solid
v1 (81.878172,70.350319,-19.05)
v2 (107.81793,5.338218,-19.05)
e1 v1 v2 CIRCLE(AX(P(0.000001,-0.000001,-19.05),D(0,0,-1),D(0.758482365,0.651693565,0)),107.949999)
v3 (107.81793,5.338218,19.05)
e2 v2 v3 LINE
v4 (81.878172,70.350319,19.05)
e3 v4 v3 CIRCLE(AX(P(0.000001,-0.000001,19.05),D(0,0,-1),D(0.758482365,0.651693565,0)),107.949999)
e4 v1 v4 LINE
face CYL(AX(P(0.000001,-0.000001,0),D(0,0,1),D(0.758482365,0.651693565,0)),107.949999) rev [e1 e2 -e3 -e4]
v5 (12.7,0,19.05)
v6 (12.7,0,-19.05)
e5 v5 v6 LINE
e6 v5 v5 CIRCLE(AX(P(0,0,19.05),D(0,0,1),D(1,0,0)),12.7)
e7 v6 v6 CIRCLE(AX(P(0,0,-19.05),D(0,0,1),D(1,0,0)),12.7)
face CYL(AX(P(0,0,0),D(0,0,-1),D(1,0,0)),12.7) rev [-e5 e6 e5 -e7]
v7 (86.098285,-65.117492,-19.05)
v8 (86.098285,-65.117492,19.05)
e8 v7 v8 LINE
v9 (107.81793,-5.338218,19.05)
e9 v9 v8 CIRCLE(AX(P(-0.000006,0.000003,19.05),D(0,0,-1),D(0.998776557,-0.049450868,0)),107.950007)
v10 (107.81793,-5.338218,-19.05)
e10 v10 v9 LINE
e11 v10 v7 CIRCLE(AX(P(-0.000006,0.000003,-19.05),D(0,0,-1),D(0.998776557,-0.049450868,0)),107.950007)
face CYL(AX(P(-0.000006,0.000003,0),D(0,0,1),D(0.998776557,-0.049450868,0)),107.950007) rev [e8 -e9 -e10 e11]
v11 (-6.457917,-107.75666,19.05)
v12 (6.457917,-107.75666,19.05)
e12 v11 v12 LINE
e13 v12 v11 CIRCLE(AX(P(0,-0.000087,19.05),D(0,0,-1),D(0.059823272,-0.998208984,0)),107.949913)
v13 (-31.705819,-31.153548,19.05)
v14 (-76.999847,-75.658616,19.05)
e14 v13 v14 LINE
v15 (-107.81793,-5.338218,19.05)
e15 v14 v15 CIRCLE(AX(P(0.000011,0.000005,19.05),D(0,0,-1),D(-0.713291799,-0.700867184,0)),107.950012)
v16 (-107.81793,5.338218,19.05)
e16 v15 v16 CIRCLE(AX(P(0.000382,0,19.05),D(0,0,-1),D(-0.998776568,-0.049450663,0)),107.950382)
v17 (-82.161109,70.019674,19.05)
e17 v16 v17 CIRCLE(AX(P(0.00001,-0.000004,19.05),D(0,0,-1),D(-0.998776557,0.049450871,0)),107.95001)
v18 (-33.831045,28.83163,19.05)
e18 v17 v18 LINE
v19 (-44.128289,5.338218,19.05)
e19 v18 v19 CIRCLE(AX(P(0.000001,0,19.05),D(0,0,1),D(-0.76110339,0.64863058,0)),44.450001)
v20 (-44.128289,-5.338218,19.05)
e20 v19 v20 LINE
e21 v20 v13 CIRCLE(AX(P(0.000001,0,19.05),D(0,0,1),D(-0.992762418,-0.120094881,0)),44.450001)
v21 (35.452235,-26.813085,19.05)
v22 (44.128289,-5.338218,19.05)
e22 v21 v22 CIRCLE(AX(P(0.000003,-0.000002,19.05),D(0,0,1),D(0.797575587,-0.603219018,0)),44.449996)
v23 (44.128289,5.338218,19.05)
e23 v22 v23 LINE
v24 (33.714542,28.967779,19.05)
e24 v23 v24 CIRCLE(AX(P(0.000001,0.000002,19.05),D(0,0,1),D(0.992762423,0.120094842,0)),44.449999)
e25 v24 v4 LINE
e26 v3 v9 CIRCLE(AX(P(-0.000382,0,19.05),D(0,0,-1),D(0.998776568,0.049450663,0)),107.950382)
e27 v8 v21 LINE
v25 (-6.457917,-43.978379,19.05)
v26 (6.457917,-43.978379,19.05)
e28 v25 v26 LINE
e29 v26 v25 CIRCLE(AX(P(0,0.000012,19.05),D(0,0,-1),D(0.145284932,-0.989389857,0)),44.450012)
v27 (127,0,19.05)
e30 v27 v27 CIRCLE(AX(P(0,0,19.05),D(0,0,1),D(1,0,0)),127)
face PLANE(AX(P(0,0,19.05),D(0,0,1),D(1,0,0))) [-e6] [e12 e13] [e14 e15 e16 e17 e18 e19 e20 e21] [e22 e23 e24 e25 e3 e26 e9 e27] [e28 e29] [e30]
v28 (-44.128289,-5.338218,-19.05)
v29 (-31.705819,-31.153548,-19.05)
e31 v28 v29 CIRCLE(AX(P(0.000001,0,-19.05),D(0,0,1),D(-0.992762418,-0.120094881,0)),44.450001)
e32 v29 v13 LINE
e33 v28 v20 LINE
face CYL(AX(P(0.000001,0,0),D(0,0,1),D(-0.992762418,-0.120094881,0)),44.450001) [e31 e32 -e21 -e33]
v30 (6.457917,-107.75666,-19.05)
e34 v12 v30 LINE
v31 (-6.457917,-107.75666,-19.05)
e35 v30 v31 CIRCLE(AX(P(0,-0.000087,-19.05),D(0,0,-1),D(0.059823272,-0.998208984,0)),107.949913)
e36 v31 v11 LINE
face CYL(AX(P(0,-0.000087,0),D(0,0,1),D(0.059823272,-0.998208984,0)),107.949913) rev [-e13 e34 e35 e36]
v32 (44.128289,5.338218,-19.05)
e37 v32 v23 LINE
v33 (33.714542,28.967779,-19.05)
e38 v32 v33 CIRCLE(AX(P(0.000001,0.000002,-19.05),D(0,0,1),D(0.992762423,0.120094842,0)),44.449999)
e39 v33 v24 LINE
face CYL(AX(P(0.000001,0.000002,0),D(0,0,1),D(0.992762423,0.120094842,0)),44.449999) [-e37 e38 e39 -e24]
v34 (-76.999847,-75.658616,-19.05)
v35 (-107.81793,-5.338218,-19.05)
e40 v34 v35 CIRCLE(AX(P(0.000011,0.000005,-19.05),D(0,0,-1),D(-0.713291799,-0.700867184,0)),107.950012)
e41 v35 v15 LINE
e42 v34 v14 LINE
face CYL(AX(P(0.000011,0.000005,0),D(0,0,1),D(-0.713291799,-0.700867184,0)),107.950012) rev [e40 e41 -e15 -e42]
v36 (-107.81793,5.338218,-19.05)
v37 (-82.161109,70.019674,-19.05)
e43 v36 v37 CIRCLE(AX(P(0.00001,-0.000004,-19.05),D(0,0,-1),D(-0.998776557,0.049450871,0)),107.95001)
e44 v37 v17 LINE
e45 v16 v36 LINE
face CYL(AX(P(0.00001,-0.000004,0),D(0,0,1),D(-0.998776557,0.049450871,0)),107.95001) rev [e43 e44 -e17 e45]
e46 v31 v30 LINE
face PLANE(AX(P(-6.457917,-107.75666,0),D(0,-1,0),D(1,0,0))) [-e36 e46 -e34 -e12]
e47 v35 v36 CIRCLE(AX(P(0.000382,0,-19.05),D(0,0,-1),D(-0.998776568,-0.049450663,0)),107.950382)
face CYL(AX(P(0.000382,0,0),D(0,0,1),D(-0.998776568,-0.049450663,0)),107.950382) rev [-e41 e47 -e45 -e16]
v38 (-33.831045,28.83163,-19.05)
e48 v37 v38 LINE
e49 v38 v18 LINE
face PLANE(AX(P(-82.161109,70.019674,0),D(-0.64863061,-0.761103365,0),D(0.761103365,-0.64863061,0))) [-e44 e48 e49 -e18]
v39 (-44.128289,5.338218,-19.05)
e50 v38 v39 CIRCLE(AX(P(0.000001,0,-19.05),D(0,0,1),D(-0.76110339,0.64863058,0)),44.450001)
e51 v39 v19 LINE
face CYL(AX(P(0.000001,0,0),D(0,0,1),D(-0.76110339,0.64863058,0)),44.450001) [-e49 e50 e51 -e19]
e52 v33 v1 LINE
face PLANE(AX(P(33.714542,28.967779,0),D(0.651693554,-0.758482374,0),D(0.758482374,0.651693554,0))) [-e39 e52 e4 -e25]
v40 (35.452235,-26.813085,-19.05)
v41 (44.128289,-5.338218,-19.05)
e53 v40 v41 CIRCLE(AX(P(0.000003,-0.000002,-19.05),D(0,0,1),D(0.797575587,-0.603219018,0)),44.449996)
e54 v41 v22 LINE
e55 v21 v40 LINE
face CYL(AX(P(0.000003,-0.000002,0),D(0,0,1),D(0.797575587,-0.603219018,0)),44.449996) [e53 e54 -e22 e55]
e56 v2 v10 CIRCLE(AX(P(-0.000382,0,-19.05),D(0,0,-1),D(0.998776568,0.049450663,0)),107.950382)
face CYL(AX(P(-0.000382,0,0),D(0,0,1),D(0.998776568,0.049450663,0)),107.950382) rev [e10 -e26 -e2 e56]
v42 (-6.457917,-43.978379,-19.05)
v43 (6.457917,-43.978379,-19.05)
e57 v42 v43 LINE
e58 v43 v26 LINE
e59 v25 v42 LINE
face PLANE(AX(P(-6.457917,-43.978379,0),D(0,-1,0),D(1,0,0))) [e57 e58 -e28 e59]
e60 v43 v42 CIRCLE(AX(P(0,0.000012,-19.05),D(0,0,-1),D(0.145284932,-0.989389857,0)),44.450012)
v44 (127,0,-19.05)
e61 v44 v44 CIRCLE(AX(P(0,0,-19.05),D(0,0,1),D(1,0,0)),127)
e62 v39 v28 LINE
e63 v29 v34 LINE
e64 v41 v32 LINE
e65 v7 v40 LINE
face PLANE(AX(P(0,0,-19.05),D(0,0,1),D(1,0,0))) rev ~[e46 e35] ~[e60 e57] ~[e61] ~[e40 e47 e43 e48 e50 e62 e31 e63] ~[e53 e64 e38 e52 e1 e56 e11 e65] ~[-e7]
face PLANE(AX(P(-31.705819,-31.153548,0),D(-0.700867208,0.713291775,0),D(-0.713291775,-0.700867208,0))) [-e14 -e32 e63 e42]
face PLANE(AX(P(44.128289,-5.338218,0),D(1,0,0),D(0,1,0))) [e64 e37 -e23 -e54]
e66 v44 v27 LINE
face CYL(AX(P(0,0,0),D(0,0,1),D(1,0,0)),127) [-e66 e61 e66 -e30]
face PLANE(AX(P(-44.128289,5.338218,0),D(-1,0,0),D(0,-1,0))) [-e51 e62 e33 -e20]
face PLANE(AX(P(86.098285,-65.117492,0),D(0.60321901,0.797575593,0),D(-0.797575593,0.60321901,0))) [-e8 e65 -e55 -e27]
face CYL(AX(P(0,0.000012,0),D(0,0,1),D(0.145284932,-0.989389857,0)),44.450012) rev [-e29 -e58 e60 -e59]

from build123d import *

# Parameters (mm, degrees)
F0_R     = 127
F0_R_2   = 12.7
F1_DEPTH = 19.05


with BuildPart() as f1:
    # F0 (on Top) → F1 (new body, symmetric)
    with BuildSketch(Plane.XY):
        Circle(F0_R)
        with BuildLine():
            ThreePointArc((-82.161109, 70.019674), (-48.159661, 96.61185), (-6.457917, 107.75666))
            Line((-6.457917, 107.75666), (6.457917, 107.75666))
            ThreePointArc((6.457917, 107.75666), (47.964828, 96.708726), (81.878172, 70.350319))
            ThreePointArc((81.878172, 70.350319), (100.263633, 40.00508), (107.81793, 5.338218))
            ThreePointArc((107.81793, 5.338218), (107.95, 0), (107.81793, -5.338218))
            ThreePointArc((107.81793, -5.338218), (101.460657, -36.86377), (86.098285, -65.117492))
            ThreePointArc((86.098285, -65.117492), (50.952795, -95.168352), (6.457917, -107.75666))
            ThreePointArc((6.457917, -107.75666), (0, -107.95), (-6.457917, -107.75666))
            ThreePointArc((-6.457917, -107.75666), (-44.708732, -98.256459), (-76.999847, -75.658616))
            ThreePointArc((-76.999847, -75.658616), (-98.871847, -43.330824), (-107.81793, -5.338218))
            ThreePointArc((-107.81793, -5.338218), (-107.95, 0), (-107.81793, 5.338218))
            ThreePointArc((-107.81793, 5.338218), (-100.344065, 39.802903), (-82.161109, 70.019674))
        make_face(mode=Mode.SUBTRACT)
        with BuildLine():
            ThreePointArc((-6.457917, 43.978379), (-21.521062, 38.892755), (-33.831045, 28.83163))
            ThreePointArc((-33.831045, 28.83163), (-40.711172, 17.843849), (-44.128289, 5.338218))
            Line((-44.128289, 5.338218), (-44.128289, -5.338218))
            ThreePointArc((-44.128289, -5.338218), (-40.053849, -19.274119), (-31.705819, -31.153548))
            ThreePointArc((-31.705819, -31.153548), (-20.130494, -39.630364), (-6.457917, -43.978379))
            Line((-6.457917, -43.978379), (6.457917, -43.978379))
            ThreePointArc((6.457917, -43.978379), (22.644581, -38.249516), (35.452235, -26.813085))
            ThreePointArc((35.452235, -26.813085), (41.213559, -16.650677), (44.128289, -5.338218))
            Line((44.128289, -5.338218), (44.128289, 5.338218))
            ThreePointArc((44.128289, 5.338218), (40.675123, 17.925872), (33.714542, 28.967779))
            ThreePointArc((33.714542, 28.967779), (21.442625, 38.936055), (6.457917, 43.978379))
            Line((6.457917, 43.978379), (-6.457917, 43.978379))
        make_face()
        Circle(F0_R_2, mode=Mode.SUBTRACT)
        with BuildLine():
            Line((6.457917, 107.75666), (-6.457917, 107.75666))
            ThreePointArc((-6.457917, 107.75666), (-48.159661, 96.61185), (-82.161109, 70.019674))
            Line((-82.161109, 70.019674), (-33.831045, 28.83163))
            ThreePointArc((-33.831045, 28.83163), (-21.521062, 38.892755), (-6.457917, 43.978379))
            Line((-6.457917, 43.978379), (6.457917, 43.978379))
            ThreePointArc((6.457917, 43.978379), (21.442625, 38.936055), (33.714542, 28.967779))
            Line((33.714542, 28.967779), (81.878172, 70.350319))
            ThreePointArc((81.878172, 70.350319), (47.964828, 96.708726), (6.457917, 107.75666))
        make_face()
        with BuildLine():
            Line((-31.705819, -31.153548), (-76.999847, -75.658616))
            ThreePointArc((-76.999847, -75.658616), (-44.708732, -98.256459), (-6.457917, -107.75666))
            Line((-6.457917, -107.75666), (6.457917, -107.75666))
            ThreePointArc((6.457917, -107.75666), (50.952795, -95.168352), (86.098285, -65.117492))
            Line((86.098285, -65.117492), (35.452235, -26.813085))
            ThreePointArc((35.452235, -26.813085), (22.644581, -38.249516), (6.457917, -43.978379))
            ThreePointArc((6.457917, -43.978379), (0, -44.45), (-6.457917, -43.978379))
            ThreePointArc((-6.457917, -43.978379), (-20.130494, -39.630364), (-31.705819, -31.153548))
        make_face()
    extrude(amount=F1_DEPTH, both=True)


solid = f1.part
